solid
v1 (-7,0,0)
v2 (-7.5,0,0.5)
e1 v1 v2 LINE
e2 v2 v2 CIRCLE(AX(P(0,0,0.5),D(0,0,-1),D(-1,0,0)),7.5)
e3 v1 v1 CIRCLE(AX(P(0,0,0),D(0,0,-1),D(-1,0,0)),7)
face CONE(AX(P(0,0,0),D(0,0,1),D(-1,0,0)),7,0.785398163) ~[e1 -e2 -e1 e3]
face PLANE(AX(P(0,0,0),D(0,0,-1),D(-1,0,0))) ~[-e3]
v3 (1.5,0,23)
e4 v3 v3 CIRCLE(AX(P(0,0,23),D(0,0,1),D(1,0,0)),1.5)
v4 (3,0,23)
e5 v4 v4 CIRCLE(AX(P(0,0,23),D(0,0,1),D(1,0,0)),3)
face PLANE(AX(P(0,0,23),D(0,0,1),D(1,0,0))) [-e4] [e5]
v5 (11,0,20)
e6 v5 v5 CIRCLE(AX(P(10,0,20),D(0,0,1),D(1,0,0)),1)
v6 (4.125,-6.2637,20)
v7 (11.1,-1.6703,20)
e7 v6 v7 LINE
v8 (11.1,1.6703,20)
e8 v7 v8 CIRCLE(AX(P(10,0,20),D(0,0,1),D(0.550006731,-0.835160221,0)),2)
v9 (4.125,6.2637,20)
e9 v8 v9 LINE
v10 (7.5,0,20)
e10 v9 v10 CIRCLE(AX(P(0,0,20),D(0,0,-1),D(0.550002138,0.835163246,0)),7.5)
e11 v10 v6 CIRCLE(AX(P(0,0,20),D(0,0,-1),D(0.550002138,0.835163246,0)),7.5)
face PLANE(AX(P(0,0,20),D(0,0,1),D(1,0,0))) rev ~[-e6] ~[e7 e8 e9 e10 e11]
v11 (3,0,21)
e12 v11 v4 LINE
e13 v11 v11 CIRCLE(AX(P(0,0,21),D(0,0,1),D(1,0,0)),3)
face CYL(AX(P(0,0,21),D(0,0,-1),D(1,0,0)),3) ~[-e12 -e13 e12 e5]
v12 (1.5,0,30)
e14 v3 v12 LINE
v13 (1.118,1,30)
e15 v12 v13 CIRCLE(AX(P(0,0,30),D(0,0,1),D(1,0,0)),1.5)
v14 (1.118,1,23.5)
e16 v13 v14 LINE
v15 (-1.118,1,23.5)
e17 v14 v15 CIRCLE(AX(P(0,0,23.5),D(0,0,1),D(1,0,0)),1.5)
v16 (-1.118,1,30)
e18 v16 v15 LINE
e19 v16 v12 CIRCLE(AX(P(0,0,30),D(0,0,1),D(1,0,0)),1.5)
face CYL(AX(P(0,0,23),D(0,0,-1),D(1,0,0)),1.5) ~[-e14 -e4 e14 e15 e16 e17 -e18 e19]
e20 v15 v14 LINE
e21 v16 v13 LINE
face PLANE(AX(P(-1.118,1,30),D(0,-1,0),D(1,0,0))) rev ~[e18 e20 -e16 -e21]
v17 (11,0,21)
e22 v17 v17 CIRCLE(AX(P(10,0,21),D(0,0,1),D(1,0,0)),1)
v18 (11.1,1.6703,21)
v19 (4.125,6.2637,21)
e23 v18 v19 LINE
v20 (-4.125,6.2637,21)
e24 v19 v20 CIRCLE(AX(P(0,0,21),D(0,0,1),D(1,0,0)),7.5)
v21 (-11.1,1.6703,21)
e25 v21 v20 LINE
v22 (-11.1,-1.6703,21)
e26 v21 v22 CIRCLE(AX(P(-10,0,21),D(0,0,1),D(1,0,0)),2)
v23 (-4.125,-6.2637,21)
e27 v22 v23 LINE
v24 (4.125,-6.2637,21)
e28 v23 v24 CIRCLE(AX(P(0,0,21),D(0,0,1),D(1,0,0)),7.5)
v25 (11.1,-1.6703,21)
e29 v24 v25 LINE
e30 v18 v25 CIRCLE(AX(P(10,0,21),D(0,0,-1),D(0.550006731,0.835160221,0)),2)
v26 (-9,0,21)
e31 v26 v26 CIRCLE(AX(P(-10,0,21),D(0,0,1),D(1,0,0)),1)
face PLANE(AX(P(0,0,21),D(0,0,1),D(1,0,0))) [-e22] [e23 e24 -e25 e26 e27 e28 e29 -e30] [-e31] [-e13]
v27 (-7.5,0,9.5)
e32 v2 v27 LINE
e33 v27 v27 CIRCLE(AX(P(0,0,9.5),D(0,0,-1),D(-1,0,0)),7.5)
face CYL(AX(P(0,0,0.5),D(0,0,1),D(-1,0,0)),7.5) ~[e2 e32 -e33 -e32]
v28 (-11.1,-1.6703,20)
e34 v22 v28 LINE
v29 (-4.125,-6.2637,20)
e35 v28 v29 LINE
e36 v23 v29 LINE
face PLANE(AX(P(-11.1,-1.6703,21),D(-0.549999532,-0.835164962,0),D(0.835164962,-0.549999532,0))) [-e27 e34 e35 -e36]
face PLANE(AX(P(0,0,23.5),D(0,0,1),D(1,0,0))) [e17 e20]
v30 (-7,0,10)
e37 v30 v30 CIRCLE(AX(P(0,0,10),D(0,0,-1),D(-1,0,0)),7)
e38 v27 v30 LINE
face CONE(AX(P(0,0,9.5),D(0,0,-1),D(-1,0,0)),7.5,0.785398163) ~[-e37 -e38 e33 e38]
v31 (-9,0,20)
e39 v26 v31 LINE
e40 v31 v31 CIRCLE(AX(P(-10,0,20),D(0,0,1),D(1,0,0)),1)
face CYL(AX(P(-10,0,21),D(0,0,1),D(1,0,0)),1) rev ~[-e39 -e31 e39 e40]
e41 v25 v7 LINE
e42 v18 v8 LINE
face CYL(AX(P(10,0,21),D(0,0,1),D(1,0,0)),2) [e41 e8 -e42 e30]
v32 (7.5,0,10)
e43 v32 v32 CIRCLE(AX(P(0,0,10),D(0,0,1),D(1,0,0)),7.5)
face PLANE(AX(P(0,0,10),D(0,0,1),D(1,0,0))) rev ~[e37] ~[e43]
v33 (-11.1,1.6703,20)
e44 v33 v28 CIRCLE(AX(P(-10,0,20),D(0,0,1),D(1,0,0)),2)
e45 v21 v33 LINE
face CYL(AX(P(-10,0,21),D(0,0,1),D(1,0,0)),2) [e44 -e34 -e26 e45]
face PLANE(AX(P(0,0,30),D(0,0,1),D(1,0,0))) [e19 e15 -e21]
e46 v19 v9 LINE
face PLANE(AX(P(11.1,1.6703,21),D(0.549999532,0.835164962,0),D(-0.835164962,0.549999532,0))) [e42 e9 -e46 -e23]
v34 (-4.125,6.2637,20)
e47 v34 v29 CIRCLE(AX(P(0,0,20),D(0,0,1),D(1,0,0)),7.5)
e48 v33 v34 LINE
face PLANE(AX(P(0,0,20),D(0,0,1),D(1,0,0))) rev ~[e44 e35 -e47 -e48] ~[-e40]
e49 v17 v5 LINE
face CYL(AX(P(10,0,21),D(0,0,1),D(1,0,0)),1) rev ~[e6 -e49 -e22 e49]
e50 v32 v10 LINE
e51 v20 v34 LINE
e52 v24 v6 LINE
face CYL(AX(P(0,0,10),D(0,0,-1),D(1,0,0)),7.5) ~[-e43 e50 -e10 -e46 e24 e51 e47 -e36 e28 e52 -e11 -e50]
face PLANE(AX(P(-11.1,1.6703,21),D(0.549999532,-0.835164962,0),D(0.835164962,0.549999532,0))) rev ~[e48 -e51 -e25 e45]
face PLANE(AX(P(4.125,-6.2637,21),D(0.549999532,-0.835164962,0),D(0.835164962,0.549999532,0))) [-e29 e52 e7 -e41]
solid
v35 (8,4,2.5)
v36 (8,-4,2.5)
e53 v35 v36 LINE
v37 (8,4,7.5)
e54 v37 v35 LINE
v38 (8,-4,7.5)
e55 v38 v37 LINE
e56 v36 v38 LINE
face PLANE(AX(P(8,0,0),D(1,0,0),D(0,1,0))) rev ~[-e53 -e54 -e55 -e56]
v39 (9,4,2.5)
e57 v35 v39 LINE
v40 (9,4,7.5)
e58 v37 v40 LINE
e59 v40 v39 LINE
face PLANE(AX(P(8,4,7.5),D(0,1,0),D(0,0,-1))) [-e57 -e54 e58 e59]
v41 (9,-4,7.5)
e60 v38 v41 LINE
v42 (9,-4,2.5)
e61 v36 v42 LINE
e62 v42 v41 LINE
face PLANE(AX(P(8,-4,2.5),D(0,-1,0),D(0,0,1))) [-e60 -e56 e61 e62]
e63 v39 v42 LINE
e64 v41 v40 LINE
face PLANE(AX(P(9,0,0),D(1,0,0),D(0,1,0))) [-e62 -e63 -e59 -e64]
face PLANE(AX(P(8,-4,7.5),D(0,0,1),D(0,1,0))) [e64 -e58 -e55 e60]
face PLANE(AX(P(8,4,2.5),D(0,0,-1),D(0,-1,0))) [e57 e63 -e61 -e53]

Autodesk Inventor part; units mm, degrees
ref_plane "XZ Plane" through (0, 0, 0) normal (0, 1, 0) x (-1, 0, 0)
ref_plane "XY Plane" through (0, 0, 0) normal (0, 0, 1) x (1, 0, 0)
sketch "スケッチ2" plane through (0, 0, 0) normal (0, 1, 0) x (-1, 0, 0)
  line L0 (0, 0) -> (7, 0)
  line L1 (7, 0) -> (7.5, 0.5)
  line L2 (7.5, 0.5) -> (7.5, 9.5)
  line L3 (7.5, 9.5) -> (7, 10)
  line L4 (7, 10) -> (0, 10)
  line L5 (0, 10) -> (0, 0)
  dimension "d0" = 7.5
  dimension "d1" = 10
  dimension "d2" = 135
  dimension "d3" = 0.5
revolve "回転1" add sketch "スケッチ2" angle 360 about axis through (0, 0, 10) along (0, 0, -1)
sketch "スケッチ3" plane through (0, 0, 10) normal (0, 0, 1) x (1, 0, 0)
  point P0 (0, 0)
sketch "スケッチ4" plane through (0, 0, 10) normal (0, 0, 1) x (1, 0, 0)
  circle A0 centre (0, 0) radius 7.5
  circle A1 centre (0, 0) radius 7.5 projected
extrude "押し出し1" add sketch "スケッチ4" along normal blind 11
sketch "スケッチ5" plane through (0, 0, 21) normal (0, 0, 1) x (1, 0, 0)
  line L0 (-15.0014, 0) -> (15.0014, 0) construction
  line L1 (0, 10.7122) -> (0, -10.7122) construction
  circle A0 centre (-10, 0) radius 1
  circle A1 centre (10, 0) radius 1
  circle A2 centre (-10, 0) radius 2
  circle A3 centre (10, 0) radius 2
  circle A4 centre (0, 0) radius 7.5
  circle A5 centre (0, 0) radius 7.5 projected
  line L2 (-11.1, 1.6703) -> (-4.125, 6.2637)
  line L3 (-11.1, -1.6703) -> (-4.125, -6.2637)
  line L4 (4.125, -6.2637) -> (11.1, -1.6703)
  line L5 (11.1, 1.6703) -> (4.125, 6.2637)
  point P0 (0, 0)
  point P1 (-4.125, -6.2637)
  dimension "d7" = 2
  dimension "d8" = 20
  dimension "d9" = 4
extrude "押し出し2" add sketch "スケッチ5" against normal blind 1 contours A2 | A2 L2 A4 L3 | L5 A3 L4 A4 | A3
sketch "スケッチ6" plane through (0, 0, 21) normal (0, 0, 1) x (1, 0, 0)
  circle A0 centre (0, 0) radius 3
  dimension "d12" = 6
extrude "押し出し3" add sketch "スケッチ6" along normal blind 2
sketch "スケッチ7" plane through (0, 0, 23) normal (0, 0, 1) x (1, 0, 0)
  circle A0 centre (0, 0) radius 1.5
  dimension "d15" = 3
extrude "押し出し4" add sketch "スケッチ7" along normal blind 7
sketch "スケッチ8" plane through (0, 0, 30) normal (0, 0, 1) x (1, 0, 0)
  circle A0 centre (0, 0) radius 1.5
  circle A1 centre (0, 0) radius 1.5 projected
  line L0 (-1.118, 1) -> (1.118, 1)
  dimension "d19" = 2.5
extrude "押し出し5" cut sketch "スケッチ8" against normal blind 6.5 contours L0 A0 picked at (-0.0599, 1.1631)
ref_plane "作業平面1" through (8, 0, 0) normal (1, 0, 0) x (0, 1, 0)
sketch "スケッチ9" plane through (8, 0, 0) normal (1, 0, 0) x (0, 1, 0)
  line L0 (-4, 7.5) -> (4, 7.5)
  line L1 (4, 7.5) -> (4, 2.5)
  line L2 (4, 2.5) -> (-4, 2.5)
  line L3 (-4, 2.5) -> (-4, 7.5)
  point P0 (0, 0)
  point P1 (0, 2.5)
  dimension "d23" = 8
  dimension "d24" = 5
  dimension "d25" = 2.5
extrude "押し出し6" add sketch "スケッチ9" along normal blind 1
properties part number "Stepper-D15-S18"
